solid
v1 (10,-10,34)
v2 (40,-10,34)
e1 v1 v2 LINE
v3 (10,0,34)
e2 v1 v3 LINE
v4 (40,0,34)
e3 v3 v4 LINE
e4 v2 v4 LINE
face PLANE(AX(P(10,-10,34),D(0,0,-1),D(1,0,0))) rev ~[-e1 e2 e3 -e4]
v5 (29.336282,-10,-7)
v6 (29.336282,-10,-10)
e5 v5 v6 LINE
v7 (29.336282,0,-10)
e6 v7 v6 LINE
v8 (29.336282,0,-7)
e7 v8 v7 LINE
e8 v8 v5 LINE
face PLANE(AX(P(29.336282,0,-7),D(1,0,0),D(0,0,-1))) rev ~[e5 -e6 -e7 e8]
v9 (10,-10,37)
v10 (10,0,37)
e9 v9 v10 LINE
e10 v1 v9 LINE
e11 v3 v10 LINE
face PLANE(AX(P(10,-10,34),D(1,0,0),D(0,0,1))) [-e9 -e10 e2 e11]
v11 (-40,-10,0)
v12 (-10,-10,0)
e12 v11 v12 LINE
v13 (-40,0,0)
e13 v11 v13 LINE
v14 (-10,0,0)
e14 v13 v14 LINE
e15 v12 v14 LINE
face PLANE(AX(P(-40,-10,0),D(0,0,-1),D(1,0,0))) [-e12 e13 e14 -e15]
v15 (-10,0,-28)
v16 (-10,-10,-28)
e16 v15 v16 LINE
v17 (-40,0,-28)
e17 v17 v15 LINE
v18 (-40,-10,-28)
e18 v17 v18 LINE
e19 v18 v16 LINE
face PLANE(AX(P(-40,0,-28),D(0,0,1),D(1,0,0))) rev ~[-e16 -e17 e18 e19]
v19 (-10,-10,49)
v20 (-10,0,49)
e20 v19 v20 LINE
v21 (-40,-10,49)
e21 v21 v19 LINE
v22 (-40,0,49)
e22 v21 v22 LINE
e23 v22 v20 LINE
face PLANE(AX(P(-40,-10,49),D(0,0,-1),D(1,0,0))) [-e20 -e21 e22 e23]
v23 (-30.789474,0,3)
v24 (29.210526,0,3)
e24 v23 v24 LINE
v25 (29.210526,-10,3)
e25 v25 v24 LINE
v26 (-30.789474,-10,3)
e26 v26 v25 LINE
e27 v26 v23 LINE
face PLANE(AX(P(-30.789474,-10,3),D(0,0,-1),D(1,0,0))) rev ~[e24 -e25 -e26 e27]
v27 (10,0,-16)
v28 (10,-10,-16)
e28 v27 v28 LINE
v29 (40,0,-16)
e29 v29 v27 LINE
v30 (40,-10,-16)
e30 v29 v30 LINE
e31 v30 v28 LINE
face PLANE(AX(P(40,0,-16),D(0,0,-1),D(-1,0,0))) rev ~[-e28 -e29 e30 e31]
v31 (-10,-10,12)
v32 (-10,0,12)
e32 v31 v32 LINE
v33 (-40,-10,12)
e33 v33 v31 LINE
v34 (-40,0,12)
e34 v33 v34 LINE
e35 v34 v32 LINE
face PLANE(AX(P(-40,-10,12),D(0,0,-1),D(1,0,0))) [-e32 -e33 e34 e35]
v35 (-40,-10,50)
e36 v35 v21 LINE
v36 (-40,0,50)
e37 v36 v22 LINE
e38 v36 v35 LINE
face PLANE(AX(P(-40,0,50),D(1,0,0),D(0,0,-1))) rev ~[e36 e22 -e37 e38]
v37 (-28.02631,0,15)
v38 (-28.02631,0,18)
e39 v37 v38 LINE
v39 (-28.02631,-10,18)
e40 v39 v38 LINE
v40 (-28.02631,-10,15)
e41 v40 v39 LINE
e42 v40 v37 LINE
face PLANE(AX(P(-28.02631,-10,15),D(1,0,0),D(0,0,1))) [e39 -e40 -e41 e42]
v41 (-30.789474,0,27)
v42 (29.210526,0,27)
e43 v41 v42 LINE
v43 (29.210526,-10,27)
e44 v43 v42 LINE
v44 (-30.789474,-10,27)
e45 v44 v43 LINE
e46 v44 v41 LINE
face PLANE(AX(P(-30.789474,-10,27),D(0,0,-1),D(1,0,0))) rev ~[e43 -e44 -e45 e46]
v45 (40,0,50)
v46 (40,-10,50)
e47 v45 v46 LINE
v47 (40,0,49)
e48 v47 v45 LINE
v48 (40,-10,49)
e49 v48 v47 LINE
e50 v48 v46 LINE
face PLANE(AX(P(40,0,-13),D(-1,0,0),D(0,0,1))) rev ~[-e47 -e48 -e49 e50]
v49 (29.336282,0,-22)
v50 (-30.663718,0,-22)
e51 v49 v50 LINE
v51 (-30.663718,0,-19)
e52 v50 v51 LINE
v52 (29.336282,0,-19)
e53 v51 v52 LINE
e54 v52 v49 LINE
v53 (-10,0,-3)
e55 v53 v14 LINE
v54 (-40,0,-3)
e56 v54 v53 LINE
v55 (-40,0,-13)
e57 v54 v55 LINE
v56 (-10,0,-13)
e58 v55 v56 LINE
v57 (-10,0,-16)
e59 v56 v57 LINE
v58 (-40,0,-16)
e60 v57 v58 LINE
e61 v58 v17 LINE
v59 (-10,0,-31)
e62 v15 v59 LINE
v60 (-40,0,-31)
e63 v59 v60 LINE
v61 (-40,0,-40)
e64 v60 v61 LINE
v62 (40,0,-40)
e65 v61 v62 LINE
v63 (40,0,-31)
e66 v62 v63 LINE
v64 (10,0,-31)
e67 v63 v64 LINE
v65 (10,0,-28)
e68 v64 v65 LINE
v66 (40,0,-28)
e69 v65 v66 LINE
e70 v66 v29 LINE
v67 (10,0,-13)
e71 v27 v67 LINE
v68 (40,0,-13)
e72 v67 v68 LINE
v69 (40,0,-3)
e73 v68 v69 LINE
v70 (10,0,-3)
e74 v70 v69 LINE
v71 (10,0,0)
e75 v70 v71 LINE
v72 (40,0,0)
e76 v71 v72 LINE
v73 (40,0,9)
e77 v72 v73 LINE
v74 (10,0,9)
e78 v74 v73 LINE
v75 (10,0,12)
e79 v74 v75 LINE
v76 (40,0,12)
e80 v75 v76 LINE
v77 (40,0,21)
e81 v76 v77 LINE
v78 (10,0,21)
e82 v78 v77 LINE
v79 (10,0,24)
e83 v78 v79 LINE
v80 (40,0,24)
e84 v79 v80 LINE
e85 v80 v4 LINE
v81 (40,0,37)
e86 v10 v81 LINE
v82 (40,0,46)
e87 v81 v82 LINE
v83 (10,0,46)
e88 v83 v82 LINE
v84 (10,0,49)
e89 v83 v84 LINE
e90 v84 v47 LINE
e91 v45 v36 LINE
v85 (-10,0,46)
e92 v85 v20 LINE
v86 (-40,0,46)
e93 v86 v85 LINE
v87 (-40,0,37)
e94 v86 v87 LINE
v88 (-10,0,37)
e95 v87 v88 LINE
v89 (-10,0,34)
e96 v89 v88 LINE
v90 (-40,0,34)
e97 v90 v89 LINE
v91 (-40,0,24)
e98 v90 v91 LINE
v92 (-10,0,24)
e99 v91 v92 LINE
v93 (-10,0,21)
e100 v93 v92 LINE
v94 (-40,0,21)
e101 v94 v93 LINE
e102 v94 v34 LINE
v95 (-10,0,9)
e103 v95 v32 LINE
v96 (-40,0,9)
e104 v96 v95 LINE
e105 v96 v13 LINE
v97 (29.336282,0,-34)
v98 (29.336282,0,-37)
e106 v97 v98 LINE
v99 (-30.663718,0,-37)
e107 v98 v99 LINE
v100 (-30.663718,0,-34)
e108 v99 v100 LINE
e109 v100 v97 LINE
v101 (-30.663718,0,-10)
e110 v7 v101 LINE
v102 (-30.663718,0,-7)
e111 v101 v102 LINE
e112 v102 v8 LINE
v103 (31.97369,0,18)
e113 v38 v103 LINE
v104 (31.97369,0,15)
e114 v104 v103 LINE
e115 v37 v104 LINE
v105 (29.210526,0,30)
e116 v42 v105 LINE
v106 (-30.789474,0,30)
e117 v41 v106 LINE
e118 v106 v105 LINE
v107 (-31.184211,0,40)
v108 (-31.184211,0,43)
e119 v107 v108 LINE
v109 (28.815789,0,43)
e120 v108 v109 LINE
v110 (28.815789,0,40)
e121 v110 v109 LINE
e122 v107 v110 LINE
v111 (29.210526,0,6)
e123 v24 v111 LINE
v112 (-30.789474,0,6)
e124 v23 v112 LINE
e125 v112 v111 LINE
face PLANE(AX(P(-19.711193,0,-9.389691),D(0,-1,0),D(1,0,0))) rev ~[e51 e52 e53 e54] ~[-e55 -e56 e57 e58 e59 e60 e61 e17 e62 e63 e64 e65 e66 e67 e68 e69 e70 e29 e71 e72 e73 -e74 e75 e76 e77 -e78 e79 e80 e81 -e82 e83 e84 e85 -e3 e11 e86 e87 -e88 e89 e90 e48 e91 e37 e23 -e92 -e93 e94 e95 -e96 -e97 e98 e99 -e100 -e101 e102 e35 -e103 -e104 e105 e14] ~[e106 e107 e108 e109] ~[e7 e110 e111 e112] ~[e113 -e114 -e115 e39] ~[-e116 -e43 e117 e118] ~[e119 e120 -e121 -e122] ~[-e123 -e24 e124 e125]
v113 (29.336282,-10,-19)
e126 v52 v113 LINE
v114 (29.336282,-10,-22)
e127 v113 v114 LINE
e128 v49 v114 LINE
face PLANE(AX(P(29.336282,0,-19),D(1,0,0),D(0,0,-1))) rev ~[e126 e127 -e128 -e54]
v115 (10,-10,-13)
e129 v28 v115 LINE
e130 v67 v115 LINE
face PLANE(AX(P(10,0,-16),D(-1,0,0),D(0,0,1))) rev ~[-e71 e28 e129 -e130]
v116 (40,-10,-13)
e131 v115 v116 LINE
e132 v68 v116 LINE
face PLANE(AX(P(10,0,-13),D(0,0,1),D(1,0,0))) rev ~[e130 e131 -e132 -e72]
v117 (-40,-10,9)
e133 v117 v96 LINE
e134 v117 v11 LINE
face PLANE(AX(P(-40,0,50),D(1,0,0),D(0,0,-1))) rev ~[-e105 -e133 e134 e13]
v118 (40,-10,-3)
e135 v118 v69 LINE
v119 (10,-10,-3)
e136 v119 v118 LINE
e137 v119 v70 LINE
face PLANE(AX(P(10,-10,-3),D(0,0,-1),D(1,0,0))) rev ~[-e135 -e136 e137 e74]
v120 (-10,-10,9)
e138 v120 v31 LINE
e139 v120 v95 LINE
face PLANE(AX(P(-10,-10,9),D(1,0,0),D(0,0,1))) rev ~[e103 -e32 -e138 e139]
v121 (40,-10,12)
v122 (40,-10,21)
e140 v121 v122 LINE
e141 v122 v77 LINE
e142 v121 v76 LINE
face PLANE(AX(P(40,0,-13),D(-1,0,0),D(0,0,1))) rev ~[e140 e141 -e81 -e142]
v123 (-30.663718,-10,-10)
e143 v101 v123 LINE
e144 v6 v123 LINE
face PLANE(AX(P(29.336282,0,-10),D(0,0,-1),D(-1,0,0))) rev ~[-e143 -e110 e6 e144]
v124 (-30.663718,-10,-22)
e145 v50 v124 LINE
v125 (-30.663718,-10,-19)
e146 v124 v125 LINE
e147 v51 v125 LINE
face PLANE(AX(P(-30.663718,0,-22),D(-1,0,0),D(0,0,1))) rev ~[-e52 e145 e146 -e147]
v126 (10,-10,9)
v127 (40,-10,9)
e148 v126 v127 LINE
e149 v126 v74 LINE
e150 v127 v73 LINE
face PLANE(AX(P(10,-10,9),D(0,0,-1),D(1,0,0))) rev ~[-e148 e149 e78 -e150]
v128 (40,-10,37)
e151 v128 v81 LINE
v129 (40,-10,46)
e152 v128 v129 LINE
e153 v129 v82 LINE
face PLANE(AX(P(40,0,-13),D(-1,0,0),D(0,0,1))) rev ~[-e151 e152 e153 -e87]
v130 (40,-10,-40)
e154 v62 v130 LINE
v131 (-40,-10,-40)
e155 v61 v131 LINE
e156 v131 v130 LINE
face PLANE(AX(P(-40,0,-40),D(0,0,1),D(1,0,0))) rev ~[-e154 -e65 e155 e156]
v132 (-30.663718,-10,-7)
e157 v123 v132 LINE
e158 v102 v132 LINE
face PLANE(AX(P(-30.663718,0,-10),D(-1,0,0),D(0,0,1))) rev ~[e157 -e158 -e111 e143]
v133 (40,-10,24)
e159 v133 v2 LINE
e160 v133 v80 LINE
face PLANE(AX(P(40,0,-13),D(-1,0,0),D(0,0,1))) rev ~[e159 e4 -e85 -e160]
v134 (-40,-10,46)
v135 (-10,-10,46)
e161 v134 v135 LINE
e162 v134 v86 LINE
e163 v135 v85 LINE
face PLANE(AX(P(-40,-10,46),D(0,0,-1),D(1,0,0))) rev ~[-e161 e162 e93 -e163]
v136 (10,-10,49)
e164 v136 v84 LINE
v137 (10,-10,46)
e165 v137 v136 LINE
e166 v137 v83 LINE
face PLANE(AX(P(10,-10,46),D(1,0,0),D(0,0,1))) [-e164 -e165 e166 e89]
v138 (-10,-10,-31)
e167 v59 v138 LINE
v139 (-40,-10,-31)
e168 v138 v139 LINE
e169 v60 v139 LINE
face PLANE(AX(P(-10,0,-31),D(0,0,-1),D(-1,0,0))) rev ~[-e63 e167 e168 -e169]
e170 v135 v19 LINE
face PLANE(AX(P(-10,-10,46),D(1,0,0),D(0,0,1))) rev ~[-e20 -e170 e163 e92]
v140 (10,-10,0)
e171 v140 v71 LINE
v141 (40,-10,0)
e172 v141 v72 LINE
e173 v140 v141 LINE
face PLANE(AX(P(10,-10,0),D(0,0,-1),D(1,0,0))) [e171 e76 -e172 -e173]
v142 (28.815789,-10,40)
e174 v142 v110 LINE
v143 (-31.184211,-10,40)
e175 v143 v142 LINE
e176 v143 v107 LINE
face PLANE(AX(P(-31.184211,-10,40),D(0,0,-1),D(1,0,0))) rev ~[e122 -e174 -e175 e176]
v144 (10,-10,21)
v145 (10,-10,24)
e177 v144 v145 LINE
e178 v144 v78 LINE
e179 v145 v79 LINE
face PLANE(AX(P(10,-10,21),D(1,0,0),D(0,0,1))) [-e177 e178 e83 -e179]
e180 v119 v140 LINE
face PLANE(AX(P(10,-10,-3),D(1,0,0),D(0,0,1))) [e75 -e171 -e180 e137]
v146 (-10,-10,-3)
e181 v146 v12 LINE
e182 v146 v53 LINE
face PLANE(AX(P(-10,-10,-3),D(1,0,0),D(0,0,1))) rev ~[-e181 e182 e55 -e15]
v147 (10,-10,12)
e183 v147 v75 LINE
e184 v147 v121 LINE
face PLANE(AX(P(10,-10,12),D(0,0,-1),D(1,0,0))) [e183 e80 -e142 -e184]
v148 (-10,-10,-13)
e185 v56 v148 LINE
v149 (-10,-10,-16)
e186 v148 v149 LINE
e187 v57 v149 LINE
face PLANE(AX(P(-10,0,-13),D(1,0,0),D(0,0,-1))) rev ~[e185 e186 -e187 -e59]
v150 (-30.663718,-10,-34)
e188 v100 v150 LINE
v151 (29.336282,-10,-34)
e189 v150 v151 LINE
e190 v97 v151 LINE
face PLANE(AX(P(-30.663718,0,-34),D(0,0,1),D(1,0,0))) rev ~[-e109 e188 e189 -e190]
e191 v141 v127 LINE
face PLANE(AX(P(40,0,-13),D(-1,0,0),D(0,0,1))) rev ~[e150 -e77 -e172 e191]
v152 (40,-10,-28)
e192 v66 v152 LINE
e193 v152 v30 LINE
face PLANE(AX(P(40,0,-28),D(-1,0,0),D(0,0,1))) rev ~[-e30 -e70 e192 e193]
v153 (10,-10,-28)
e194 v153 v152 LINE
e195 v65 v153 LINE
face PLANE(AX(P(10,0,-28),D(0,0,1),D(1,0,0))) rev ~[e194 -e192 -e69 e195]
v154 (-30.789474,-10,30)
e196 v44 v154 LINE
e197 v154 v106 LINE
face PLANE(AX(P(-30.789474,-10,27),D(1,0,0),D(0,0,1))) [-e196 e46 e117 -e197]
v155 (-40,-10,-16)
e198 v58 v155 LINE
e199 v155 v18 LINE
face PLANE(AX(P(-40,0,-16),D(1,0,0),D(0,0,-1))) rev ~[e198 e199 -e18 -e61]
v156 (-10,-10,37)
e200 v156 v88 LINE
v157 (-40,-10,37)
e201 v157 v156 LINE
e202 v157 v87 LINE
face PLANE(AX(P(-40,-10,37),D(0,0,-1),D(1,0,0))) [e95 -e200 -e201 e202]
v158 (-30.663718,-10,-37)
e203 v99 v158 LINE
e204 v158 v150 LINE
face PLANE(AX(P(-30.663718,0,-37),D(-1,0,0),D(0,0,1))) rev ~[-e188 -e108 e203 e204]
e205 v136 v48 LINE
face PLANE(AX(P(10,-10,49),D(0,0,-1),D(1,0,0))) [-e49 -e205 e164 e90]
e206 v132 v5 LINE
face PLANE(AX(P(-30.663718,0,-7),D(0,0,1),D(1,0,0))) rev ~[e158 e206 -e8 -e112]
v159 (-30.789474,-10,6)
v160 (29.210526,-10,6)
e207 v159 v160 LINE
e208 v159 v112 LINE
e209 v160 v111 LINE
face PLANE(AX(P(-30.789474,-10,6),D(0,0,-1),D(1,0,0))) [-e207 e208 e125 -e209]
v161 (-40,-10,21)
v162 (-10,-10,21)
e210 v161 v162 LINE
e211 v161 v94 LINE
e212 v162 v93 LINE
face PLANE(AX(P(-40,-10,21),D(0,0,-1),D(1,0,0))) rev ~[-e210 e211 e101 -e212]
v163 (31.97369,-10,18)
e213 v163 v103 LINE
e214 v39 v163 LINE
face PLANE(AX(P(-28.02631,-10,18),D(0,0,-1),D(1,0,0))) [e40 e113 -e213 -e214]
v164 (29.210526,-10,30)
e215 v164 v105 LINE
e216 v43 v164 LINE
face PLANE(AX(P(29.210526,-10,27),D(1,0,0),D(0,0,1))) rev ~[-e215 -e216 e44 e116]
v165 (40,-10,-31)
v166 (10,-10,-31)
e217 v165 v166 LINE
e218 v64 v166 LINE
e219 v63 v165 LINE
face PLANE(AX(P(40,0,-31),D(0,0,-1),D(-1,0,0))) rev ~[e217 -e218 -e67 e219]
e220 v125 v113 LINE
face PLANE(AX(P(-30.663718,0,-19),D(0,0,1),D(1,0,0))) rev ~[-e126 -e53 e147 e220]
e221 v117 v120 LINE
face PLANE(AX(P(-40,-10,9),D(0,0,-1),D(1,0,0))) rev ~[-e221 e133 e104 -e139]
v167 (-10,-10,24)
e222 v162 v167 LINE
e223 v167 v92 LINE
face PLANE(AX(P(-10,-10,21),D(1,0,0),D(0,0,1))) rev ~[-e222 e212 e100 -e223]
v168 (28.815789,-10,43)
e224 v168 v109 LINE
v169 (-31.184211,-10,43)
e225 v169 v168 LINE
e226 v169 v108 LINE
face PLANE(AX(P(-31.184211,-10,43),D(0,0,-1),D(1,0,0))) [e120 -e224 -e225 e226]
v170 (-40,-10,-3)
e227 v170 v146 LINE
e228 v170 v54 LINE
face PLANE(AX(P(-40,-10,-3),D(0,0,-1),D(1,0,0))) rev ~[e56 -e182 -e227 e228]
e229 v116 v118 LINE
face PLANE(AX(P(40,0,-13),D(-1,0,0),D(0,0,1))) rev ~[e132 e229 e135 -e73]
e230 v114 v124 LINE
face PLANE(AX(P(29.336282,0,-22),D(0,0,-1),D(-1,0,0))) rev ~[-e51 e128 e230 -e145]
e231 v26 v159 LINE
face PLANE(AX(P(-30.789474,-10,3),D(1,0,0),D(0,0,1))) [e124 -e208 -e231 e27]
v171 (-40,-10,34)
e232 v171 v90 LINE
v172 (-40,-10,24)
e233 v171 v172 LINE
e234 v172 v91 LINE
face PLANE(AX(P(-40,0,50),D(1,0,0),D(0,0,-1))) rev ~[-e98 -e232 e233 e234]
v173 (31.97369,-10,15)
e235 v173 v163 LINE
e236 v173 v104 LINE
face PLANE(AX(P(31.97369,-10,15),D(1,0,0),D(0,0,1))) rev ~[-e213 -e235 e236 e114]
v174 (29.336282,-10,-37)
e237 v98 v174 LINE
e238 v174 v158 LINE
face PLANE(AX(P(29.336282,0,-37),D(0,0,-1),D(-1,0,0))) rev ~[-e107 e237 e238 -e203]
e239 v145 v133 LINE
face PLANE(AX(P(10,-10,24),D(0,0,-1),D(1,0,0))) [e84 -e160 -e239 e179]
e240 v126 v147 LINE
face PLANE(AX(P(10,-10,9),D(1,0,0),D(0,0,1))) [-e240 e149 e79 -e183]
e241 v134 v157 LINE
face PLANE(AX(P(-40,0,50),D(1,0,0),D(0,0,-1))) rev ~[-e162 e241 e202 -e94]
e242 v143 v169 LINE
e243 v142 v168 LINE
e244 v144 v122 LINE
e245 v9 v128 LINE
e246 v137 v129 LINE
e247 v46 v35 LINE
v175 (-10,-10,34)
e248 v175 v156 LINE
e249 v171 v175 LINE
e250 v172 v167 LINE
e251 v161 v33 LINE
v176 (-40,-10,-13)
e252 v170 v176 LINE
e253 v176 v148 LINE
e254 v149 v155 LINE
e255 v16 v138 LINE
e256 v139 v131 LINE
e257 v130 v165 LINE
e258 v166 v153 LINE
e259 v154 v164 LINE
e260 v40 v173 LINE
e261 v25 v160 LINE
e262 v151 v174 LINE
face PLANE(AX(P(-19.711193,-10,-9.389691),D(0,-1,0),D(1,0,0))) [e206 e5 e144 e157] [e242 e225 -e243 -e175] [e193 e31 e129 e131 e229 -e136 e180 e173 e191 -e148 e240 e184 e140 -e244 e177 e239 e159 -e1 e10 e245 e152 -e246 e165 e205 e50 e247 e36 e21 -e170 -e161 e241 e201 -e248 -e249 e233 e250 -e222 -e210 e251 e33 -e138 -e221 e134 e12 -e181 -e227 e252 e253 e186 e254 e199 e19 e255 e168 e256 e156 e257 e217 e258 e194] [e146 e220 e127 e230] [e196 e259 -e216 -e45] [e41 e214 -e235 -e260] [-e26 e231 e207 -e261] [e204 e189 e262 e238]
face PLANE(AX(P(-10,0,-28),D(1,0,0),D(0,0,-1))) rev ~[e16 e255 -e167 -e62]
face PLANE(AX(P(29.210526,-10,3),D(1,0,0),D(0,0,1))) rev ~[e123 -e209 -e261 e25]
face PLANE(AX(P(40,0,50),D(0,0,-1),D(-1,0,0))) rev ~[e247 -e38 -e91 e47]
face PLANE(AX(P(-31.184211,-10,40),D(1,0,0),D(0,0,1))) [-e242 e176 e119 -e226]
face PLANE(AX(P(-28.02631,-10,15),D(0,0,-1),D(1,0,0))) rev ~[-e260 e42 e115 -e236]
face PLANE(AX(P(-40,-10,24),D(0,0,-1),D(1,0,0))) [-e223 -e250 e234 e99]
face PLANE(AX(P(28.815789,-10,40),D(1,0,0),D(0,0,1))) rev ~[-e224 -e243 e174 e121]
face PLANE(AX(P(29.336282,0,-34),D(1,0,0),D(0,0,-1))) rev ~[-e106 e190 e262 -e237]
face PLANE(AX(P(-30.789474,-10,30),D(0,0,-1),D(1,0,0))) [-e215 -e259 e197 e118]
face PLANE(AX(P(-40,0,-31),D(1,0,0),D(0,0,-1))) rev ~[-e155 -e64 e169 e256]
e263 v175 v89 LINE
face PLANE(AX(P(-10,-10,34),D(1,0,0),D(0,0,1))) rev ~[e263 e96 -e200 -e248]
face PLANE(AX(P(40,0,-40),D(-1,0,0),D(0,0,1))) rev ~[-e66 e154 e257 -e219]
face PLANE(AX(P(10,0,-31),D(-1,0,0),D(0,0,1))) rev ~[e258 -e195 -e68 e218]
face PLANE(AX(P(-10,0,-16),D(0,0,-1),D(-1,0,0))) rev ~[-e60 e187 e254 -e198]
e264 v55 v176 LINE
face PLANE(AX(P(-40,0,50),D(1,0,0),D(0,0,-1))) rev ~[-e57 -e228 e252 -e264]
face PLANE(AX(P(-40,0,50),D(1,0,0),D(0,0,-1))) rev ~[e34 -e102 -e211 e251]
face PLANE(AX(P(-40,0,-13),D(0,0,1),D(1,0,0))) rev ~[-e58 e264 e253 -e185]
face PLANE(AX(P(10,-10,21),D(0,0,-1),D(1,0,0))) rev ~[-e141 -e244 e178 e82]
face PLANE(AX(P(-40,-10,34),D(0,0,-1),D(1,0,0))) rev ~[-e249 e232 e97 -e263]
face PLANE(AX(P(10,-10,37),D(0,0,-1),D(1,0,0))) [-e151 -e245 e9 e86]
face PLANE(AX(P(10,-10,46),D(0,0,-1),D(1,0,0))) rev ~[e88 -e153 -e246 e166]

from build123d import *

# Parameters (mm, degrees)
F1_DEPTH = 10
F2_W     = 30
F2_H     = 3
F2_W_2   = 60
F3_DEPTH = 25
F4_W     = 30
F4_H     = 3
F4_W_2   = 60
F5_DEPTH = 25


with BuildPart() as f1:
    # F0 (on Front) → F1 (new body)
    with BuildSketch(Plane.XZ):
        Polygon((-40, -40), (0, -40), (0, -37), (-30.663718, -37), (-30.663718, -34), (0, -34), (0, -22), (-30.663718, -22), (-30.663718, -19), (-21.106195, -19), (-20.50885, -19), (0, -19), (0, -10), (-30.663718, -10), (-30.663718, -7), (0, -7), (0, 50), (-40, 50), (-40, -13), (-10, -13), (-10, -16), (-20.50885, -16), (-21.106195, -16), (-40, -16), (-40, -28), (-10, -28), (-10, -31), (-40, -31), align=None)
        Polygon((0, -40), (40, -40), (40, -31), (10, -31), (10, -28), (40, -28), (40, -16), (10, -16), (10, -13), (40, -13), (40, 50), (0, 50), (0, -7), (29.336282, -7), (29.336282, -10), (0, -10), (0, -19), (29.336282, -19), (29.336282, -22), (0, -22), (0, -34), (29.336282, -34), (29.336282, -37), (0, -37), align=None)
    extrude(amount=F1_DEPTH)

    # F2 (on face) → F3 (cut)
    with BuildSketch(Plane.XZ.offset(10)):
        with Locations((-25, -1.5)):
            Rectangle(F2_W, F2_H)
        with Locations((25, -1.5)):
            Rectangle(F2_W, F2_H)
        with Locations((-0.789474, 4.5)):
            Rectangle(F2_W_2, F2_H)
        with Locations((-25, 10.5)):
            Rectangle(F2_W, F2_H)
        with Locations((25, 10.5)):
            Rectangle(F2_W, F2_H)
        with Locations((1.97369, 16.5)):
            Rectangle(F2_W_2, F2_H)
        with Locations((-25, 22.5)):
            Rectangle(F2_W, F2_H)
        with Locations((25, 22.5)):
            Rectangle(F2_W, F2_H)
        with Locations((-0.789474, 28.5)):
            Rectangle(F2_W_2, F2_H)
    extrude(amount=-F3_DEPTH, mode=Mode.SUBTRACT)

    # F4 (on face) → F5 (cut)
    with BuildSketch(Plane.XZ.offset(10)):
        with Locations((-25, 35.5)):
            Rectangle(F4_W, F4_H)
        with Locations((25, 35.5)):
            Rectangle(F4_W, F4_H)
        with Locations((-1.184211, 41.5)):
            Rectangle(F4_W_2, F4_H)
        with Locations((-25, 47.5)):
            Rectangle(F4_W, F4_H)
        with Locations((25, 47.5)):
            Rectangle(F4_W, F4_H)
    extrude(amount=-F5_DEPTH, mode=Mode.SUBTRACT)


solid = f1.part
